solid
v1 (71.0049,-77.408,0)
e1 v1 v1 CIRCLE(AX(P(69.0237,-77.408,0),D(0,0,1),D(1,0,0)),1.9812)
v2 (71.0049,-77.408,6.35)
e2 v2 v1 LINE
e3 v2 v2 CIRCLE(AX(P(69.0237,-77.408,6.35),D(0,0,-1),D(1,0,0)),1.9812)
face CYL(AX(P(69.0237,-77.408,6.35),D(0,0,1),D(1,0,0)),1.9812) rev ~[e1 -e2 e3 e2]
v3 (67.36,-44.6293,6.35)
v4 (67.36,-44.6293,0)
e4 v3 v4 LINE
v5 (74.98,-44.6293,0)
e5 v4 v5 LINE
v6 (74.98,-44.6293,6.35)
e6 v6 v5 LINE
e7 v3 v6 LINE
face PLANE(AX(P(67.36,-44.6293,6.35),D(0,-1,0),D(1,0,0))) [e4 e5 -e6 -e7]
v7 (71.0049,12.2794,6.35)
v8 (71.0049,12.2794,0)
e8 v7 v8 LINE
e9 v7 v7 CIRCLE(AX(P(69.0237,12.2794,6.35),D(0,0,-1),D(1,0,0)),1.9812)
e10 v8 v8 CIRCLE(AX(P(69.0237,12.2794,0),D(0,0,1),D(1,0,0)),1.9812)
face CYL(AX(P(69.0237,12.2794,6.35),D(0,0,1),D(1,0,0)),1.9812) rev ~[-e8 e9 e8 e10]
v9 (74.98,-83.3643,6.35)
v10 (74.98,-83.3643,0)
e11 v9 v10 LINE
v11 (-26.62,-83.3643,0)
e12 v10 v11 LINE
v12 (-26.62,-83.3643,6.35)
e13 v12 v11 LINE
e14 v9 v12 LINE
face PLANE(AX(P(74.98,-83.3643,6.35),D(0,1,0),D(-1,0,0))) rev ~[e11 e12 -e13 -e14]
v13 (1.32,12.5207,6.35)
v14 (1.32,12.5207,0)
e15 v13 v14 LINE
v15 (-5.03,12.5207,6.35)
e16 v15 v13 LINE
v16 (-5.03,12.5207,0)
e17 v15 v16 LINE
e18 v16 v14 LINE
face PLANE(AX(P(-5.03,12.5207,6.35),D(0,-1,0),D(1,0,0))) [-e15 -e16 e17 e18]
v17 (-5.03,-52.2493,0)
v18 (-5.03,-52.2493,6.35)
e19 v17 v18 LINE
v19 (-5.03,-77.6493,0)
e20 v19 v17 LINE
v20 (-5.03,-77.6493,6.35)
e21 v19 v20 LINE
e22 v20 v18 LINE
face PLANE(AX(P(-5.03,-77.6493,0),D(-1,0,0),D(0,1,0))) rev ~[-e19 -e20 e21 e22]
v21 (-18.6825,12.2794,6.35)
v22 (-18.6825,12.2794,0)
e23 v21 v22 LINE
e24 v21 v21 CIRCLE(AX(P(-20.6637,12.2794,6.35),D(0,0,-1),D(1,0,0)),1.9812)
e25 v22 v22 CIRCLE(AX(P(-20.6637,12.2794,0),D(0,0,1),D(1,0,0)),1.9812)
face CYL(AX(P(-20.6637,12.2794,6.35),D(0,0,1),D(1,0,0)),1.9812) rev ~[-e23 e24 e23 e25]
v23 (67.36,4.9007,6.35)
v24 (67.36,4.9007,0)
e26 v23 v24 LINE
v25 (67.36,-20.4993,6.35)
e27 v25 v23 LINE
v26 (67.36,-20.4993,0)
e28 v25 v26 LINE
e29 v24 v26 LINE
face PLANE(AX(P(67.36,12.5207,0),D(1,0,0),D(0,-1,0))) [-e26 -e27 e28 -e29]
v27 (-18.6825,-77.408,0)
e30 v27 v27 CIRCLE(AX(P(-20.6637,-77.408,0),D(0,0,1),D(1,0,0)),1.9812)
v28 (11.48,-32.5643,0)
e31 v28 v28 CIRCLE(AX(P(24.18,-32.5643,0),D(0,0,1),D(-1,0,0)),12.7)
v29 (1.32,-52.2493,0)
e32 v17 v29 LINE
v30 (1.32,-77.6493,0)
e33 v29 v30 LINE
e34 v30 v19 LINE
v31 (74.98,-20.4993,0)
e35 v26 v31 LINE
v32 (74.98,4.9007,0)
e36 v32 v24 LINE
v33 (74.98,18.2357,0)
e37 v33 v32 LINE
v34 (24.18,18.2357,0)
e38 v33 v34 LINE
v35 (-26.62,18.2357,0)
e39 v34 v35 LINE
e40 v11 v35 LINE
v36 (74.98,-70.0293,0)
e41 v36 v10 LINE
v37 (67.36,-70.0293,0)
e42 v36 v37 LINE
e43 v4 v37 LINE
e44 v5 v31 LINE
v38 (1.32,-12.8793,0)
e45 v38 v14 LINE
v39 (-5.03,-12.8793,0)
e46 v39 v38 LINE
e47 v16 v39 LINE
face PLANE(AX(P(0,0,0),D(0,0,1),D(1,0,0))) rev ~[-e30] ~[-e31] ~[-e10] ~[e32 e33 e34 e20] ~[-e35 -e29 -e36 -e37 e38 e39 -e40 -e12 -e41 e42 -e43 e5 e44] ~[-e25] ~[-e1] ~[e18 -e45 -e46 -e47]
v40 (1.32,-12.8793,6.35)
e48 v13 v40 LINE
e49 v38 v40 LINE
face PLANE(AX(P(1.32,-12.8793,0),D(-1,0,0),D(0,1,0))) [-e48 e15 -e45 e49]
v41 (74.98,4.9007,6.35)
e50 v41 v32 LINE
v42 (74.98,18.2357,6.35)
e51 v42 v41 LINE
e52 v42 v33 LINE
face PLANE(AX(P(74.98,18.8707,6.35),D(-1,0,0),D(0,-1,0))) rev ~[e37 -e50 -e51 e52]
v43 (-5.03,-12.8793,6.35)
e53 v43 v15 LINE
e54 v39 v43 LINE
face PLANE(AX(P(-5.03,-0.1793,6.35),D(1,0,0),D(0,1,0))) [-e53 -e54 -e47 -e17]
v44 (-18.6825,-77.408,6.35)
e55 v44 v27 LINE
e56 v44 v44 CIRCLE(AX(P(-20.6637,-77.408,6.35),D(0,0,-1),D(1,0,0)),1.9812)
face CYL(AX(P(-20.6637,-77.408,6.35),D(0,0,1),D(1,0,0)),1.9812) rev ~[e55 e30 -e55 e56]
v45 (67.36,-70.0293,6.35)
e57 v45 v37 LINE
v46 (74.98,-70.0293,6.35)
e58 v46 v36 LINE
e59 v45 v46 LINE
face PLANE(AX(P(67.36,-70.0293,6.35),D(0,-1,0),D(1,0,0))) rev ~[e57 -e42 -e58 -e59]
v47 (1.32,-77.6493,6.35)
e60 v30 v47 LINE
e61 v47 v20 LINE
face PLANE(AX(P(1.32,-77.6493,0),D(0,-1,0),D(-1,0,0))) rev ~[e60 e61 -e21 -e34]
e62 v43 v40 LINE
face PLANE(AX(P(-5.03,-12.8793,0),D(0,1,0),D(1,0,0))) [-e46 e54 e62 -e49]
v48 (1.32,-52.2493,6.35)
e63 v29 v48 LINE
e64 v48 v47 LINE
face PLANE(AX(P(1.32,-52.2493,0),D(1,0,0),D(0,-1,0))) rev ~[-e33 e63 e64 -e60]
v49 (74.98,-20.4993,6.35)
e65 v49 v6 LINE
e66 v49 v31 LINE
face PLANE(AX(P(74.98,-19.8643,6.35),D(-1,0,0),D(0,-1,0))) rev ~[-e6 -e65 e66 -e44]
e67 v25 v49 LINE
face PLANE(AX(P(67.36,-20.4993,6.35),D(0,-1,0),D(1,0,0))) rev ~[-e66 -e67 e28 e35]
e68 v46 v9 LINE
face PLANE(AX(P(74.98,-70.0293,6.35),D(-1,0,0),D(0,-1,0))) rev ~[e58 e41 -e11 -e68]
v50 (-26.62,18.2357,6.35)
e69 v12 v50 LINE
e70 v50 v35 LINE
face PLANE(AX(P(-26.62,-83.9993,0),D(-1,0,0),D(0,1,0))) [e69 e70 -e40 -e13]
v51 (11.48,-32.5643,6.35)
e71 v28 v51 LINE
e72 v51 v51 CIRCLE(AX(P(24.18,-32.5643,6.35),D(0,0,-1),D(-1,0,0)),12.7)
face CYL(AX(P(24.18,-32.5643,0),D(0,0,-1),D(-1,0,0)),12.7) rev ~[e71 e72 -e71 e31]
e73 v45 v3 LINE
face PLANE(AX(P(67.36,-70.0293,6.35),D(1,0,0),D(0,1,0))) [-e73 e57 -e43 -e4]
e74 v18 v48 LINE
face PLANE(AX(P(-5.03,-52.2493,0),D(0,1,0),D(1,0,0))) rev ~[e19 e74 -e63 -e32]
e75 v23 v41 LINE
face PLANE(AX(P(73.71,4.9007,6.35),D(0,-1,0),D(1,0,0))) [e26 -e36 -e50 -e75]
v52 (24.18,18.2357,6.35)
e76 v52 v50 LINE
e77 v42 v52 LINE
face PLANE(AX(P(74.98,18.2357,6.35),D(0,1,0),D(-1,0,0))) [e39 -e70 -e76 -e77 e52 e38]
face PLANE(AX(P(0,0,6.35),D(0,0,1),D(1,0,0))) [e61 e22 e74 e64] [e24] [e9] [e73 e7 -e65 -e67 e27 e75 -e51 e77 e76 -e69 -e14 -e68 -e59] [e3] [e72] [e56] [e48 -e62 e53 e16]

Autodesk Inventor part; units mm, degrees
ref_plane "YZ Plane" through (0, 0, 0) normal (1, 0, 0) x (0, 1, 0)
ref_plane "XZ Plane" through (0, 0, 0) normal (0, 1, 0) x (-1, 0, 0)
ref_plane "XY Plane" through (0, 0, 0) normal (0, 0, 1) x (1, 0, 0)
sketch "Sketch1" plane through (0, 0, 0) normal (0, 0, 1) x (1, 0, 0)
  line L0 (-26.62, 18.8707) -> (74.98, 18.8707)
  line L1 (74.98, 18.8707) -> (74.98, 12.5207)
  line L2 (74.98, -83.9993) -> (-26.62, -83.9993)
  line L3 (-26.62, -83.9993) -> (-26.62, 18.8707)
  line L4 (-26.62, 18.8707) -> (24.18, 18.8707)
  line L5 (24.18, 18.8707) -> (24.18, -33.1993)
  line L6 (24.18, -33.1993) -> (1.32, -33.1993)
  line L7 (24.18, -33.1993) -> (67.36, -33.1993)
  line L8 (1.32, -33.1993) -> (1.32, 12.5207)
  line L9 (1.32, 12.5207) -> (67.36, 12.5207)
  line L10 (67.36, 12.5207) -> (67.36, -33.1993)
  circle A0 centre (24.18, -33.1993) radius 12.7
  line L11 (74.98, 18.8707) -> (82.6, 18.8707)
  line L12 (82.6, 18.8707) -> (82.6, -83.9993)
  line L13 (82.6, -83.9993) -> (74.98, -83.9993)
  line L14 (1.32, -33.1993) -> (1.32, -77.6493)
  line L15 (1.32, 12.5207) -> (-5.03, 12.5207)
  line L16 (-5.03, 12.5207) -> (-5.03, -12.8793)
  line L17 (-5.03, -12.8793) -> (1.32, -12.8793)
  line L18 (1.32, -77.6493) -> (-5.03, -77.6493)
  line L19 (-5.03, -77.6493) -> (-5.03, -52.2493)
  line L20 (-5.03, -52.2493) -> (1.32, -52.2493)
  line L21 (1.32, -77.6493) -> (1.32, -45.2643)
  line L22 (1.32, -45.2643) -> (-5.03, -45.2643)
  line L23 (-5.03, -45.2643) -> (-5.03, -19.8643)
  line L24 (-5.03, -19.8643) -> (1.32, -19.8643)
  line L25 (67.36, -33.1993) -> (67.36, -77.6493)
  line L26 (67.36, -77.6493) -> (73.71, -77.6493)
  line L27 (73.71, -77.6493) -> (73.71, -52.2493)
  line L28 (73.71, -52.2493) -> (67.36, -52.2493)
  line L29 (67.36, -52.2493) -> (67.36, -45.2643)
  line L30 (67.36, -45.2643) -> (73.71, -45.2643)
  line L31 (73.71, -45.2643) -> (73.71, -19.8643)
  line L32 (73.71, -19.8643) -> (67.36, -19.8643)
  line L33 (67.36, 12.5207) -> (73.71, 12.5207)
  line L34 (73.71, 12.5207) -> (73.71, -12.8793)
  line L35 (73.71, -12.8793) -> (67.36, -12.8793)
  point P0 (0, 0)
  dimension "d0" = 101.6
  dimension "d1" = 102.87
  dimension "d2" = 50.8
  dimension "d3" = 52.07
  dimension "d4" = 22.86
  dimension "d5" = 43.18
  dimension "d6" = 45.72
  dimension "d7" = 25.4
  dimension "d8" = 7.62
  dimension "d9" = 44.45
  dimension "d10" = 6.35
  dimension "d11" = 25.4
  dimension "d12" = 6.35
  dimension "d13" = 25.4
  dimension "d14" = 32.385
  dimension "d15" = 25.4
  dimension "d16" = 6.35
  dimension "d17" = 25.4
  dimension "d18" = 6.985
  dimension "d19" = 25.4
extrude "Extrusion1" add sketch "Sketch1" along normal blind 6.35 contours L9 L10 L7 A0 L5 | L5 A0 L6 L8 L9 | L0 L11 L12 L13 L2 L3 | A0 L7 L5 | L5 L6 A0 | L7 A0 L6
sketch "Sketch2" plane through (0, 0, 6.35) normal (0, 0, 1) x (1, 0, 0)
  arc A0 (11.48, -33.1993) -> (36.88, -33.1993) centre (24.18, -33.1993) ccw projected
  line L0 (36.88, -33.1993) -> (11.48, -33.1993) projected
  circle A1 centre (24.18, -33.1993) radius 12.7
  point P0 (0, 0)
  dimension "d22" = 25.4
extrude "Extrusion2" cut sketch "Sketch2" against normal blind 6.35 contours A1 L0
sketch "Sketch3" plane through (0, 0, 6.35) normal (0, 0, 1) x (1, 0, 0)
  line L0 (-26.62, 18.8707) -> (82.6, 18.8707) projected
  line L1 (82.6, -83.9993) -> (-26.62, -83.9993) projected
  line L2 (-26.62, 18.8707) -> (-20.6637, 18.8707)
  line L3 (-20.6637, 18.8707) -> (-20.6637, 12.9144)
  line L4 (-26.62, -83.9993) -> (-20.6637, -83.9993)
  line L5 (-20.6637, -83.9993) -> (-20.6637, -78.043)
  line L6 (-26.62, 18.8707) -> (74.98, 18.8707)
  circle A0 centre (-20.6637, 12.9144) radius 1.9812
  circle A1 centre (-20.6637, -78.043) radius 1.9812
  point P0 (0, 0)
  dimension "d25" = 5.9563
  dimension "d26" = 5.9563
  dimension "d27" = 5.9563
  dimension "d28" = 5.9563
  dimension "d29" = 101.6
  dimension "d30" = 3.9624
  dimension "d31" = 3.9624
extrude "Extrusion3" cut sketch "Sketch3" against normal blind 6.35
sketch "Sketch4" plane through (0, 0, 6.35) normal (0, 0, 1) x (1, 0, 0)
  line L0 (67.36, 12.5207) -> (73.71, 12.5207) projected
  line L1 (73.71, 12.5207) -> (73.71, -12.8793) projected
  line L2 (67.36, -12.8793) -> (67.36, 12.5207) projected
  line L3 (1.32, 12.5207) -> (1.32, -12.8793) projected
  line L4 (-5.03, -12.8793) -> (-5.03, 12.5207) projected
  line L5 (-5.03, 12.5207) -> (1.32, 12.5207) projected
  line L6 (-5.03, 12.5207) -> (-5.03, -0.1793)
  line L7 (-5.03, -0.1793) -> (1.32, -0.1793)
  line L8 (67.36, 12.5207) -> (67.36, -0.1793)
  line L9 (67.36, -0.1793) -> (73.71, -0.1793)
  point P0 (0, 0)
  dimension "d34" = 12.7
  dimension "d35" = 12.7
extrude "Extrusion4" add sketch "Sketch4" against normal blind 6.35
sketch "Sketch5" plane through (0, 0, 6.35) normal (0, 0, 1) x (1, 0, 0)
  circle A0 centre (-20.6637, 12.9144) radius 1.9812 projected
  line L0 (-26.62, 18.8707) -> (82.6, 18.8707) projected
  line L1 (82.6, -83.9993) -> (-26.62, -83.9993) projected
  line L2 (73.71, -52.2493) -> (73.71, -77.6493) projected
  line L3 (67.36, -77.6493) -> (67.36, -52.2493) projected
  line L4 (67.36, -0.1793) -> (73.71, -0.1793) projected
  line L5 (-5.03, -0.1793) -> (1.32, -0.1793) projected
  line L6 (-26.62, 18.8707) -> (74.98, 18.8707)
  line L7 (74.98, 18.8707) -> (74.98, 12.9144)
  line L8 (-26.62, -83.9993) -> (74.98, -83.9993)
  line L9 (-5.03, -0.1793) -> (-5.03, 12.5207)
  line L10 (-5.03, 12.5207) -> (1.32, 12.5207)
  line L11 (1.32, 12.5207) -> (1.32, -0.1793)
  line L12 (67.36, -77.6493) -> (67.36, -70.0293)
  line L13 (67.36, -70.0293) -> (73.71, -70.0293)
  line L14 (67.36, -0.1793) -> (67.36, 4.9007)
  line L15 (67.36, 4.9007) -> (73.71, 4.9007)
  line L16 (73.71, 4.9007) -> (73.71, -0.1793)
  point P0 (0, 0)
  dimension "d38" = 101.6
  dimension "d39" = 5.9563
  dimension "d40" = 5.9563
  dimension "d41" = 101.6
  dimension "d42" = 12.7
  dimension "d43" = 7.62
  dimension "d44" = 5.08
extrude "Extrusion5" cut sketch "Sketch5" against normal blind 6.35 contours L14 L15 L16 L4 | L9 L10 L11 L5
sketch "Sketch6" plane through (0, 0, 6.35) normal (0, 0, 1) x (1, 0, 0)
  line L0 (73.71, -52.2493) -> (73.71, -77.6493) projected
  line L1 (73.71, -77.6493) -> (67.36, -77.6493) projected
  line L2 (67.36, -77.6493) -> (67.36, -52.2493) projected
  line L3 (67.36, -77.6493) -> (67.36, -70.0293)
  line L4 (67.36, -70.0293) -> (73.71, -70.0293)
  point P0 (0, 0)
  dimension "d47" = 7.62
extrude "Extrusion6" add sketch "Sketch6" against normal blind 6.35
sketch "Sketch7" plane through (0, 0, 6.35) normal (0, 0, 1) x (1, 0, 0)
  line L0 (-26.62, 18.8707) -> (82.6, 18.8707) projected
  line L1 (82.6, -83.9993) -> (-26.62, -83.9993) projected
  line L2 (-26.62, 18.8707) -> (74.98, 18.8707)
  line L3 (74.98, 18.8707) -> (74.98, 12.9144)
  line L4 (-26.62, -83.9993) -> (74.98, -83.9993)
  line L5 (74.98, -83.9993) -> (74.98, -78.043)
  line L6 (74.98, -78.043) -> (69.0237, -78.043)
  line L7 (74.98, 12.9144) -> (69.0237, 12.9144)
  circle A0 centre (69.0237, 12.9144) radius 1.9812
  circle A1 centre (69.0237, -78.043) radius 1.9812
  point P0 (0, 0)
  dimension "d50" = 101.6
  dimension "d51" = 5.9563
  dimension "d52" = 101.6
  dimension "d53" = 5.9563
  dimension "d54" = 5.9563
  dimension "d55" = 5.9563
  dimension "d56" = 3.9624
  dimension "d57" = 3.9624
extrude "Extrusion7" cut sketch "Sketch7" against normal blind 6.35
sketch "Sketch8" plane through (0, 0, 6.35) normal (0, 0, 1) x (1, 0, 0)
  line L0 (73.71, 4.9007) -> (73.71, -12.8793) projected
  line L1 (-26.62, 18.8707) -> (82.6, 18.8707) projected
  line L2 (82.6, -83.9993) -> (-26.62, -83.9993) projected
  line L3 (82.6, 18.8707) -> (82.6, -83.9993) projected
  line L4 (73.71, -52.2493) -> (73.71, -70.0293) projected
  line L5 (73.71, -19.8643) -> (73.71, -45.2643) projected
  line L6 (-26.62, 18.8707) -> (74.98, 18.8707)
  line L7 (74.98, 18.8707) -> (74.98, -83.9993)
  line L8 (73.71, -52.2493) -> (74.98, -52.2493)
  line L9 (73.71, -70.0293) -> (74.98, -70.0293)
  line L10 (73.71, -45.2643) -> (74.98, -45.2643)
  line L11 (73.71, -19.8643) -> (74.98, -19.8643)
  line L12 (73.71, 4.9007) -> (74.98, 4.9007)
  line L13 (73.71, -12.8793) -> (74.98, -12.8793)
  point P0 (0, 0)
  dimension "d60" = 101.6
extrude "Extrusion8" cut sketch "Sketch8" against normal blind 6.35
sketch "Sketch9" plane through (0, 0, 6.35) normal (0, 0, 1) x (1, 0, 0)
  line L0 (74.98, -45.2643) -> (67.36, -45.2643) projected
  line L1 (67.36, -45.2643) -> (67.36, -19.8643) projected
  line L2 (67.36, -19.8643) -> (74.98, -19.8643) projected
  line L3 (-5.03, 12.5207) -> (1.32, 12.5207) projected
  line L4 (74.98, -19.8643) -> (74.98, -45.2643)
  point P0 (0, 0)
extrude "Extrusion9" add sketch "Sketch9" against normal blind 6.35
sketch "Sketch11" plane through (0, 0, 6.35) normal (0, 0, 1) x (1, 0, 0)
  line L0 (67.36, 4.9007) -> (74.98, 4.9007) projected
  line L1 (74.98, -83.9993) -> (74.98, -70.0293) projected
  line L2 (67.36, -70.0293) -> (67.36, -52.2493) projected
  line L3 (74.98, -52.2493) -> (74.98, -12.8793) projected
  line L4 (67.36, -12.8793) -> (67.36, 4.9007) projected
  line L5 (-5.03, 12.5207) -> (1.32, 12.5207) projected
  line L6 (67.36, 4.9007) -> (67.36, -20.4993)
  line L7 (67.36, -20.4993) -> (74.98, -20.4993)
  line L8 (74.98, 4.9007) -> (74.98, -20.4993)
  line L9 (74.98, 4.9007) -> (67.36, 4.9007)
  line L10 (67.36, -70.0293) -> (67.36, -44.6293)
  line L11 (67.36, -44.6293) -> (74.98, -44.6293)
  line L12 (74.98, -44.6293) -> (74.98, -70.0293)
  line L13 (67.36, -70.0293) -> (74.98, -70.0293)
  point P0 (0, 0)
  dimension "d67" = 25.4
  dimension "d68" = 25.4
  dimension "d69" = 7.62
extrude "Extrusion10" cut sketch "Sketch11" against normal blind 6.35
sketch "Sketch12" plane through (0, 0, 6.35) normal (0, 0, 1) x (1, 0, 0)
  line L0 (1.32, -19.8643) -> (1.32, -45.2643) projected
  line L1 (1.32, -45.2643) -> (-5.03, -45.2643) projected
  line L2 (-5.03, -45.2643) -> (-5.03, -19.8643) projected
  line L3 (-5.03, -19.8643) -> (1.32, -19.8643) projected
  point P0 (0, 0)
extrude "Extrusion11" add sketch "Sketch12" against normal blind 6.35
sketch "Sketch13" plane through (0, 0, 6.35) normal (0, 0, 1) x (1, 0, 0)
  circle A0 centre (24.18, -33.1993) radius 12.7 projected
  point P0 (0, 0)
extrude "Extrusion12" add sketch "Sketch13" against normal blind 6.35
sketch "Sketch14" plane through (0, 0, 6.35) normal (0, 0, 1) x (1, 0, 0)
  circle A0 centre (69.0237, -78.043) radius 1.9812 projected
  circle A1 centre (69.0237, 12.9144) radius 1.9812 projected
  circle A2 centre (-20.6637, -78.043) radius 1.9812 projected
  circle A3 centre (-20.6637, 12.9144) radius 1.9812 projected
  point P0 (0, 0)
extrude "Extrusion13" add sketch "Sketch14" against normal blind 6.35
sketch "Sketch15" plane through (0, 0, 6.35) normal (0, 0, 1) x (1, 0, 0)
  line L0 (74.98, 4.9007) -> (74.98, 18.8707) projected
  line L1 (74.98, -83.9993) -> (74.98, -70.0293) projected
  line L2 (-26.62, 18.8707) -> (74.98, 18.8707)
  line L3 (74.98, 18.8707) -> (74.98, 18.2357)
  line L4 (74.98, 18.2357) -> (-26.62, 18.2357)
  line L5 (-26.62, 18.2357) -> (-26.62, 18.8707)
  line L6 (-26.62, -83.9993) -> (74.98, -83.9993)
  line L7 (74.98, -83.9993) -> (74.98, -83.3643)
  line L8 (74.98, -83.3643) -> (-26.62, -83.3643)
  line L9 (-26.62, -83.3643) -> (-26.62, -83.9993)
  point P0 (0, 0)
  dimension "d78" = 0.635
  dimension "d79" = 0.635
extrude "Extrusion14" cut sketch "Sketch15" against normal blind 6.35
sketch "Sketch16" plane through (0, 0, 6.35) normal (0, 0, 1) x (1, 0, 0)
  line L0 (-26.62, -83.3643) -> (-26.62, 18.2357) projected
  line L1 (-26.62, 18.2357) -> (74.98, -83.3643)
  line L2 (-26.62, -83.3643) -> (74.98, 18.2357)
  line L3 (-26.62, 18.2357) -> (-26.62, -32.5643)
  line L4 (-26.62, -32.5643) -> (-26.62, 12.2794)
  line L5 (-26.62, 12.2794) -> (69.0237, 12.2794)
  line L6 (69.0237, 12.2794) -> (69.0237, -77.408)
  line L7 (69.0237, -77.408) -> (-20.6637, -77.408)
  circle A0 centre (-20.6637, 12.2794) radius 1.9812
  circle A1 centre (69.0237, 12.2794) radius 1.9812
  circle A2 centre (69.0237, -77.408) radius 1.9812
  circle A3 centre (-20.6637, -77.408) radius 1.9812
  point P0 (0, 0)
  dimension "d82" = 50.8
  dimension "d83" = 44.8437
  dimension "d84" = 3.9624
  dimension "d85" = 3.9624
  dimension "d86" = 3.9624
  dimension "d87" = 3.9624
extrude "Extrusion15" cut sketch "Sketch16" against normal blind 6.35 contours A3 L2 | L2 L7 A3 | L2 A3 L7 | A0 L1 L5 | L5 L1 A0 | A2 L1 L7 | L7 L1 A2 | A0 L5 L1 | L5 A0 L1 | A2 L6 L1 | A1 L5 L2 | L2 L6 A1 | L6 A2 L1 | L5 A1 L2 | L2 A1 L6
sketch "Sketch17" plane through (0, 0, 0) normal (0, 0, -1) x (-1, 0, 0)
  line L0 (26.62, -83.3643) -> (-74.98, 18.2357)
  line L1 (26.62, 18.2357) -> (-74.98, -83.3643)
  circle A0 centre (-24.18, -32.5643) radius 12.7
  point P0 (0, 0)
  dimension "d90" = 25.4
extrude "Extrusion16" cut sketch "Sketch17" against normal blind 25.4
properties part number "wheel top"
